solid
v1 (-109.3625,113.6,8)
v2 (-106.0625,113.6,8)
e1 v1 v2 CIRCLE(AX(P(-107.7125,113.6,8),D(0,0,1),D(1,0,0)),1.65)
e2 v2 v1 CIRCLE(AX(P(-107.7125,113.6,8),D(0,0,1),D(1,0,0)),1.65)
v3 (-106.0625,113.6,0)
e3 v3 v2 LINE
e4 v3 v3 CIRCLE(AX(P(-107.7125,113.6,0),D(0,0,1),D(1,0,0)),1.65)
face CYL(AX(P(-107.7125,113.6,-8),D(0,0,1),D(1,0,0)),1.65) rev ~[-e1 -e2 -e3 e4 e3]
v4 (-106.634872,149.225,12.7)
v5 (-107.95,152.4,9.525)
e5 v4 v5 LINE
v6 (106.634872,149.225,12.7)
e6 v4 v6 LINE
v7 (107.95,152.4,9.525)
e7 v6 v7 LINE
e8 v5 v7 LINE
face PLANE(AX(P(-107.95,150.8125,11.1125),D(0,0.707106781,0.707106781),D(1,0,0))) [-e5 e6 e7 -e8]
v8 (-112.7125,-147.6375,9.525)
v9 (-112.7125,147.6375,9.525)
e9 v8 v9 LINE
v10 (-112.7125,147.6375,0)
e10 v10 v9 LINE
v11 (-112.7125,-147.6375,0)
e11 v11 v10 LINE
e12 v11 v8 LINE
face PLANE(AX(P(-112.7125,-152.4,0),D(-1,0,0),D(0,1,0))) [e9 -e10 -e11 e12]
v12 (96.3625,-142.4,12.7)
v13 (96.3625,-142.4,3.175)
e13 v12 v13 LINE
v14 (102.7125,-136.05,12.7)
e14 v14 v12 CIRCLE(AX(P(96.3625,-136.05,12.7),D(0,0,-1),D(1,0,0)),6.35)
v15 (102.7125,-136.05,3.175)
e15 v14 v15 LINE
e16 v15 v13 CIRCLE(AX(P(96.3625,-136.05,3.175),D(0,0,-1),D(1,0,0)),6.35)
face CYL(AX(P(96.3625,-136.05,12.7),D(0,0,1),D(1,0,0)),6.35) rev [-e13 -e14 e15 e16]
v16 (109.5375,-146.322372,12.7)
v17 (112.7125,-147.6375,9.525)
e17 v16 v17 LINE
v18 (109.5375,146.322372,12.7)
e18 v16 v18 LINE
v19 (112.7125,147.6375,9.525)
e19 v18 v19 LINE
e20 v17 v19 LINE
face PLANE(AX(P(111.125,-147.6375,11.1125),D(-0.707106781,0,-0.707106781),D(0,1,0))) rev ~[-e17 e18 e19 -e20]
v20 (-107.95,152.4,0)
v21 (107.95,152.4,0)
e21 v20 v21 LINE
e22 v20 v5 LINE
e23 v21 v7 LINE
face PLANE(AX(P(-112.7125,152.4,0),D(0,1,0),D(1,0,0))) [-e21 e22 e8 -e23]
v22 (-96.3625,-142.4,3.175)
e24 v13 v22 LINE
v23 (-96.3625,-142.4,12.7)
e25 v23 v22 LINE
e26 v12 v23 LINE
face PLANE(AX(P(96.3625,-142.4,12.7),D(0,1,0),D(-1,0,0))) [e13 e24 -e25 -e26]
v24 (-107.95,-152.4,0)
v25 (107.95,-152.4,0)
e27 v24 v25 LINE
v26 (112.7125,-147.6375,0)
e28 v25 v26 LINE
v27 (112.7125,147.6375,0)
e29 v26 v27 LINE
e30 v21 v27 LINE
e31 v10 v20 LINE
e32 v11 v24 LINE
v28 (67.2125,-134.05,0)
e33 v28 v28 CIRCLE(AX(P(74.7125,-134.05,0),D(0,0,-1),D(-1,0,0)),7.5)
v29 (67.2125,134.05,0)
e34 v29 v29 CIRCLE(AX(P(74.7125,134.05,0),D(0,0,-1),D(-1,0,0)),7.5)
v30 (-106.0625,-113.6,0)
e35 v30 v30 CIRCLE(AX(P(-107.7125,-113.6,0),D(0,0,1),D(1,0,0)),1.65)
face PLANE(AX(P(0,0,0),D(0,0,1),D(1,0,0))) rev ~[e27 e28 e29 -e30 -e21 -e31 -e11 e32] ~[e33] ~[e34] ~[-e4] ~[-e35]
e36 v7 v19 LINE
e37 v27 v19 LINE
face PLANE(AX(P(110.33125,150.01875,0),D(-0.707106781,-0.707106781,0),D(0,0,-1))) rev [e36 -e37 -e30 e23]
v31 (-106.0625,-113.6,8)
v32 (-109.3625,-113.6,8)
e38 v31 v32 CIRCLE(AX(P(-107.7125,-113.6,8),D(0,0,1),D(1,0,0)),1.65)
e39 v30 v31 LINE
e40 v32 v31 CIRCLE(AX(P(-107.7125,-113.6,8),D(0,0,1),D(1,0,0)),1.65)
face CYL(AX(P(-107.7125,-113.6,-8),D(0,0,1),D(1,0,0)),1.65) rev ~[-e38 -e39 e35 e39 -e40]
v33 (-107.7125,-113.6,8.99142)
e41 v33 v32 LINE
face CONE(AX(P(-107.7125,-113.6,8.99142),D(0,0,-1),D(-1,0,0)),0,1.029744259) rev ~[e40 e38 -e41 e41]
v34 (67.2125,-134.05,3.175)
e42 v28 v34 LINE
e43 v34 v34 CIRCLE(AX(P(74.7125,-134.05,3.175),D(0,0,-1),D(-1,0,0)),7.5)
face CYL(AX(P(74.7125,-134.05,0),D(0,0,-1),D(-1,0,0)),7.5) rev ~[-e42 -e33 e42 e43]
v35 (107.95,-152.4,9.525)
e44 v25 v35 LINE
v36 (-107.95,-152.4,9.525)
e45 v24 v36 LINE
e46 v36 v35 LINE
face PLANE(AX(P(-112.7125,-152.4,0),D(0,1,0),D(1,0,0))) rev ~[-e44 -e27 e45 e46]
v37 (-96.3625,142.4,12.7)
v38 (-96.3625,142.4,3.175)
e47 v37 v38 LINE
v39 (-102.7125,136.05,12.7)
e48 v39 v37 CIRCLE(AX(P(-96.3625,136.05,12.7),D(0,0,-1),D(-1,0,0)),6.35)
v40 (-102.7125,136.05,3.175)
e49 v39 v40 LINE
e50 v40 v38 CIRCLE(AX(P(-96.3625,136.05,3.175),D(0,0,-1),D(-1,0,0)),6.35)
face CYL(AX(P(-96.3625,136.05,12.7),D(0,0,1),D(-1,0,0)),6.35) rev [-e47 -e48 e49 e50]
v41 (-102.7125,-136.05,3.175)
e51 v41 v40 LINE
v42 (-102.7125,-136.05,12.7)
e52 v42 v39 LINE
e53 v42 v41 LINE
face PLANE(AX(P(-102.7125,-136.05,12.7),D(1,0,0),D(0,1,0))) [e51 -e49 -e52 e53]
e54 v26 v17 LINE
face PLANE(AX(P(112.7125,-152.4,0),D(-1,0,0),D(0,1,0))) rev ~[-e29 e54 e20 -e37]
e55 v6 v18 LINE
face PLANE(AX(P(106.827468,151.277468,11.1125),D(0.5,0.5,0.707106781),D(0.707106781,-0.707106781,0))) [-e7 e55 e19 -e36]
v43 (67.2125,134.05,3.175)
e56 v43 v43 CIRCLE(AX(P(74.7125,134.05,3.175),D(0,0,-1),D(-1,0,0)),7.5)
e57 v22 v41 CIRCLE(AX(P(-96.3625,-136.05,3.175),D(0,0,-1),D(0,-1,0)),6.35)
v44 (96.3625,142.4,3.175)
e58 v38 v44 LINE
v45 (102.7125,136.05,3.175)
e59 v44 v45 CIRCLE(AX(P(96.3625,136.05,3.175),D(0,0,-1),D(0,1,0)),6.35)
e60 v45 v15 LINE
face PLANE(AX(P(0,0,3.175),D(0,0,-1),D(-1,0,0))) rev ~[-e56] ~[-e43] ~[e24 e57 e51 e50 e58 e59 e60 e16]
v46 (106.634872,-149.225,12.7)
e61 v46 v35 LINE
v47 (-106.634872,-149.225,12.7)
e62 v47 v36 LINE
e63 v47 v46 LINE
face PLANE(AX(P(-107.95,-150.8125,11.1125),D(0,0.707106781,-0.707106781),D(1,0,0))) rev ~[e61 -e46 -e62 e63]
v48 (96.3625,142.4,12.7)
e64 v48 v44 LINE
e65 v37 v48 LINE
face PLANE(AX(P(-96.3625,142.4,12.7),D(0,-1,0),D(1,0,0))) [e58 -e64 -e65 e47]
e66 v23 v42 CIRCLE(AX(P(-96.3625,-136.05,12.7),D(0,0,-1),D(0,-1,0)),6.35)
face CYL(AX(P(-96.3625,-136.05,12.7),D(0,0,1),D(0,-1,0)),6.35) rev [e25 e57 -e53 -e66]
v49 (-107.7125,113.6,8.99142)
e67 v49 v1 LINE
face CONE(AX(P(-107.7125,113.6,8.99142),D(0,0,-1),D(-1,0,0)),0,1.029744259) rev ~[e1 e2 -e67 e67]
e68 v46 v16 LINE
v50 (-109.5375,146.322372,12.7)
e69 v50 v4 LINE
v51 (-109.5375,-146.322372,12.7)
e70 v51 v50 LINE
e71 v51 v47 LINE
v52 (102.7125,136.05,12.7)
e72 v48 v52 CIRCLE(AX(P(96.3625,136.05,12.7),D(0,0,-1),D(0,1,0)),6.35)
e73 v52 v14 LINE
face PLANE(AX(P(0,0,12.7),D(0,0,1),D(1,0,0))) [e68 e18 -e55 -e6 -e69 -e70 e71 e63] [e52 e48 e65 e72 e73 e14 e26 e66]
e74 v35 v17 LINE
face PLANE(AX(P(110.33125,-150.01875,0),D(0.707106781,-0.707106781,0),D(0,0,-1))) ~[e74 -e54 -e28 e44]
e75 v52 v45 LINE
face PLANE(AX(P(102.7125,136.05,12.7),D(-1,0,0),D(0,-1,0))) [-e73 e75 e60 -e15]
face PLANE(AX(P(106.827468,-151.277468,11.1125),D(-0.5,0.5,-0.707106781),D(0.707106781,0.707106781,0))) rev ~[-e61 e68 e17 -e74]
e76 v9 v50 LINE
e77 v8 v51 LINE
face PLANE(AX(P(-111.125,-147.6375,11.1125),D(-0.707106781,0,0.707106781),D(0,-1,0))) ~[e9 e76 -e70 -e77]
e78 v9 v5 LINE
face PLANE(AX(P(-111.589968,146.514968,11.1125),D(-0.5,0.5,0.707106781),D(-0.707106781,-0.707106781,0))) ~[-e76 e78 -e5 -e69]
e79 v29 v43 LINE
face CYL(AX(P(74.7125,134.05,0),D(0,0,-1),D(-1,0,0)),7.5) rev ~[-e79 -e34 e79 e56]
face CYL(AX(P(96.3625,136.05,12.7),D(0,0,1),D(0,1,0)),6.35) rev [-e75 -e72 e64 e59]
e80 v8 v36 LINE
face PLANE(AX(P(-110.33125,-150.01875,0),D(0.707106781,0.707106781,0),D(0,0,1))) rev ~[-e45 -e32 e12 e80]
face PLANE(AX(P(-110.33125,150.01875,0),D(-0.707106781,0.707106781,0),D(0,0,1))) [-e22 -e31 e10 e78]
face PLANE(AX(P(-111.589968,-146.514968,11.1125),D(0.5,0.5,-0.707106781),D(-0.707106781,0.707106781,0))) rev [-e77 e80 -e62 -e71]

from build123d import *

# Parameters (mm, degrees)
SKETCH1_W                 = 225.425
SKETCH1_H                 = 304.8
BOSS_EXTRUDE1_DEPTH       = 12.7
CUT_EXTRUDE1_DEPTH        = 9.525
SKETCH4_R                 = 7.5
CUT_EXTRUDE3_DEPTH        = 13.7
M4X0_7_TAPPED_HOLE1_D     = 3.3
M4X0_7_TAPPED_HOLE1_DEPTH = 8
M4X0_7_TAPPED_HOLE1_TIP   = 0.991420021
CHAMFER1_SIZE             = 4.7625
CHAMFER2_SIZE             = 3.175


with BuildPart() as part:
    # Sketch1 → Boss-Extrude1 (new body)
    with BuildSketch(Plane.XY):
        Rectangle(SKETCH1_W, SKETCH1_H)
    extrude(amount=BOSS_EXTRUDE1_DEPTH)

    # Sketch2 → Cut-Extrude1 (cut)
    with BuildSketch(Plane.XY.offset(12.7)):
        with BuildLine():
            Line((96.3625, -142.4), (-96.3625, -142.4))
            ThreePointArc((-96.3625, -142.4), (-100.852628061, -140.540128061), (-102.7125, -136.05))
            Line((-102.7125, -136.05), (-102.7125, 136.05))
            ThreePointArc((-102.7125, 136.05), (-100.852628061, 140.540128061), (-96.3625, 142.4))
            Line((-96.3625, 142.4), (96.3625, 142.4))
            ThreePointArc((96.3625, 142.4), (100.852628061, 140.540128061), (102.7125, 136.05))
            Line((102.7125, 136.05), (102.7125, -136.05))
            ThreePointArc((102.7125, -136.05), (100.852628061, -140.540128061), (96.3625, -142.4))
        make_face()
    extrude(amount=-CUT_EXTRUDE1_DEPTH, mode=Mode.SUBTRACT)

    # Sketch4 → Cut-Extrude3 (cut, through all)
    with BuildSketch(Plane(origin=(0, 0, 0), x_dir=(-1, 0, 0), z_dir=(0, 0, -1))):
        with Locations((-74.7125, -134.05)):
            Circle(SKETCH4_R)
        with Locations((-74.7125, 134.05)):
            Circle(SKETCH4_R)
    extrude(amount=-CUT_EXTRUDE3_DEPTH, mode=Mode.SUBTRACT)

    # M4x0.7 Tapped Hole1
    with Locations(Plane(origin=(0, 0, 0), x_dir=(-1, 0, 0), z_dir=(0, 0, -1))):
        with Locations((107.7125, -113.6), (107.7125, 113.6)):
            Hole(M4X0_7_TAPPED_HOLE1_D / 2, depth=M4X0_7_TAPPED_HOLE1_DEPTH)
            with Locations((0, 0, -(M4X0_7_TAPPED_HOLE1_DEPTH + M4X0_7_TAPPED_HOLE1_TIP / 2))):  # 118° drill point
                Cone(0, M4X0_7_TAPPED_HOLE1_D / 2, M4X0_7_TAPPED_HOLE1_TIP, mode=Mode.SUBTRACT)

    # Chamfer1
    chamfer1_edges = [part.edges().sort_by_distance(p)[0] for p in [
        (-112.7125, 152.4, 6.35),
        (112.7125, 152.4, 6.35),
        (112.7125, -152.4, 6.35),
        (-112.7125, -152.4, 6.35),
    ]]
    chamfer(chamfer1_edges, length=CHAMFER1_SIZE)

    # Chamfer2
    chamfer2_edges = [part.edges().sort_by_distance(p)[0] for p in [
        (-112.7125, 0, 12.7),
        (0, 152.4, 12.7),
        (0, -152.4, 12.7),
        (112.7125, 0, 12.7),
        (-110.33125, -150.01875, 12.7),
        (110.33125, -150.01875, 12.7),
        (110.33125, 150.01875, 12.7),
        (-110.33125, 150.01875, 12.7),
    ]]
    chamfer(chamfer2_edges, length=CHAMFER2_SIZE)


solid = part.part
